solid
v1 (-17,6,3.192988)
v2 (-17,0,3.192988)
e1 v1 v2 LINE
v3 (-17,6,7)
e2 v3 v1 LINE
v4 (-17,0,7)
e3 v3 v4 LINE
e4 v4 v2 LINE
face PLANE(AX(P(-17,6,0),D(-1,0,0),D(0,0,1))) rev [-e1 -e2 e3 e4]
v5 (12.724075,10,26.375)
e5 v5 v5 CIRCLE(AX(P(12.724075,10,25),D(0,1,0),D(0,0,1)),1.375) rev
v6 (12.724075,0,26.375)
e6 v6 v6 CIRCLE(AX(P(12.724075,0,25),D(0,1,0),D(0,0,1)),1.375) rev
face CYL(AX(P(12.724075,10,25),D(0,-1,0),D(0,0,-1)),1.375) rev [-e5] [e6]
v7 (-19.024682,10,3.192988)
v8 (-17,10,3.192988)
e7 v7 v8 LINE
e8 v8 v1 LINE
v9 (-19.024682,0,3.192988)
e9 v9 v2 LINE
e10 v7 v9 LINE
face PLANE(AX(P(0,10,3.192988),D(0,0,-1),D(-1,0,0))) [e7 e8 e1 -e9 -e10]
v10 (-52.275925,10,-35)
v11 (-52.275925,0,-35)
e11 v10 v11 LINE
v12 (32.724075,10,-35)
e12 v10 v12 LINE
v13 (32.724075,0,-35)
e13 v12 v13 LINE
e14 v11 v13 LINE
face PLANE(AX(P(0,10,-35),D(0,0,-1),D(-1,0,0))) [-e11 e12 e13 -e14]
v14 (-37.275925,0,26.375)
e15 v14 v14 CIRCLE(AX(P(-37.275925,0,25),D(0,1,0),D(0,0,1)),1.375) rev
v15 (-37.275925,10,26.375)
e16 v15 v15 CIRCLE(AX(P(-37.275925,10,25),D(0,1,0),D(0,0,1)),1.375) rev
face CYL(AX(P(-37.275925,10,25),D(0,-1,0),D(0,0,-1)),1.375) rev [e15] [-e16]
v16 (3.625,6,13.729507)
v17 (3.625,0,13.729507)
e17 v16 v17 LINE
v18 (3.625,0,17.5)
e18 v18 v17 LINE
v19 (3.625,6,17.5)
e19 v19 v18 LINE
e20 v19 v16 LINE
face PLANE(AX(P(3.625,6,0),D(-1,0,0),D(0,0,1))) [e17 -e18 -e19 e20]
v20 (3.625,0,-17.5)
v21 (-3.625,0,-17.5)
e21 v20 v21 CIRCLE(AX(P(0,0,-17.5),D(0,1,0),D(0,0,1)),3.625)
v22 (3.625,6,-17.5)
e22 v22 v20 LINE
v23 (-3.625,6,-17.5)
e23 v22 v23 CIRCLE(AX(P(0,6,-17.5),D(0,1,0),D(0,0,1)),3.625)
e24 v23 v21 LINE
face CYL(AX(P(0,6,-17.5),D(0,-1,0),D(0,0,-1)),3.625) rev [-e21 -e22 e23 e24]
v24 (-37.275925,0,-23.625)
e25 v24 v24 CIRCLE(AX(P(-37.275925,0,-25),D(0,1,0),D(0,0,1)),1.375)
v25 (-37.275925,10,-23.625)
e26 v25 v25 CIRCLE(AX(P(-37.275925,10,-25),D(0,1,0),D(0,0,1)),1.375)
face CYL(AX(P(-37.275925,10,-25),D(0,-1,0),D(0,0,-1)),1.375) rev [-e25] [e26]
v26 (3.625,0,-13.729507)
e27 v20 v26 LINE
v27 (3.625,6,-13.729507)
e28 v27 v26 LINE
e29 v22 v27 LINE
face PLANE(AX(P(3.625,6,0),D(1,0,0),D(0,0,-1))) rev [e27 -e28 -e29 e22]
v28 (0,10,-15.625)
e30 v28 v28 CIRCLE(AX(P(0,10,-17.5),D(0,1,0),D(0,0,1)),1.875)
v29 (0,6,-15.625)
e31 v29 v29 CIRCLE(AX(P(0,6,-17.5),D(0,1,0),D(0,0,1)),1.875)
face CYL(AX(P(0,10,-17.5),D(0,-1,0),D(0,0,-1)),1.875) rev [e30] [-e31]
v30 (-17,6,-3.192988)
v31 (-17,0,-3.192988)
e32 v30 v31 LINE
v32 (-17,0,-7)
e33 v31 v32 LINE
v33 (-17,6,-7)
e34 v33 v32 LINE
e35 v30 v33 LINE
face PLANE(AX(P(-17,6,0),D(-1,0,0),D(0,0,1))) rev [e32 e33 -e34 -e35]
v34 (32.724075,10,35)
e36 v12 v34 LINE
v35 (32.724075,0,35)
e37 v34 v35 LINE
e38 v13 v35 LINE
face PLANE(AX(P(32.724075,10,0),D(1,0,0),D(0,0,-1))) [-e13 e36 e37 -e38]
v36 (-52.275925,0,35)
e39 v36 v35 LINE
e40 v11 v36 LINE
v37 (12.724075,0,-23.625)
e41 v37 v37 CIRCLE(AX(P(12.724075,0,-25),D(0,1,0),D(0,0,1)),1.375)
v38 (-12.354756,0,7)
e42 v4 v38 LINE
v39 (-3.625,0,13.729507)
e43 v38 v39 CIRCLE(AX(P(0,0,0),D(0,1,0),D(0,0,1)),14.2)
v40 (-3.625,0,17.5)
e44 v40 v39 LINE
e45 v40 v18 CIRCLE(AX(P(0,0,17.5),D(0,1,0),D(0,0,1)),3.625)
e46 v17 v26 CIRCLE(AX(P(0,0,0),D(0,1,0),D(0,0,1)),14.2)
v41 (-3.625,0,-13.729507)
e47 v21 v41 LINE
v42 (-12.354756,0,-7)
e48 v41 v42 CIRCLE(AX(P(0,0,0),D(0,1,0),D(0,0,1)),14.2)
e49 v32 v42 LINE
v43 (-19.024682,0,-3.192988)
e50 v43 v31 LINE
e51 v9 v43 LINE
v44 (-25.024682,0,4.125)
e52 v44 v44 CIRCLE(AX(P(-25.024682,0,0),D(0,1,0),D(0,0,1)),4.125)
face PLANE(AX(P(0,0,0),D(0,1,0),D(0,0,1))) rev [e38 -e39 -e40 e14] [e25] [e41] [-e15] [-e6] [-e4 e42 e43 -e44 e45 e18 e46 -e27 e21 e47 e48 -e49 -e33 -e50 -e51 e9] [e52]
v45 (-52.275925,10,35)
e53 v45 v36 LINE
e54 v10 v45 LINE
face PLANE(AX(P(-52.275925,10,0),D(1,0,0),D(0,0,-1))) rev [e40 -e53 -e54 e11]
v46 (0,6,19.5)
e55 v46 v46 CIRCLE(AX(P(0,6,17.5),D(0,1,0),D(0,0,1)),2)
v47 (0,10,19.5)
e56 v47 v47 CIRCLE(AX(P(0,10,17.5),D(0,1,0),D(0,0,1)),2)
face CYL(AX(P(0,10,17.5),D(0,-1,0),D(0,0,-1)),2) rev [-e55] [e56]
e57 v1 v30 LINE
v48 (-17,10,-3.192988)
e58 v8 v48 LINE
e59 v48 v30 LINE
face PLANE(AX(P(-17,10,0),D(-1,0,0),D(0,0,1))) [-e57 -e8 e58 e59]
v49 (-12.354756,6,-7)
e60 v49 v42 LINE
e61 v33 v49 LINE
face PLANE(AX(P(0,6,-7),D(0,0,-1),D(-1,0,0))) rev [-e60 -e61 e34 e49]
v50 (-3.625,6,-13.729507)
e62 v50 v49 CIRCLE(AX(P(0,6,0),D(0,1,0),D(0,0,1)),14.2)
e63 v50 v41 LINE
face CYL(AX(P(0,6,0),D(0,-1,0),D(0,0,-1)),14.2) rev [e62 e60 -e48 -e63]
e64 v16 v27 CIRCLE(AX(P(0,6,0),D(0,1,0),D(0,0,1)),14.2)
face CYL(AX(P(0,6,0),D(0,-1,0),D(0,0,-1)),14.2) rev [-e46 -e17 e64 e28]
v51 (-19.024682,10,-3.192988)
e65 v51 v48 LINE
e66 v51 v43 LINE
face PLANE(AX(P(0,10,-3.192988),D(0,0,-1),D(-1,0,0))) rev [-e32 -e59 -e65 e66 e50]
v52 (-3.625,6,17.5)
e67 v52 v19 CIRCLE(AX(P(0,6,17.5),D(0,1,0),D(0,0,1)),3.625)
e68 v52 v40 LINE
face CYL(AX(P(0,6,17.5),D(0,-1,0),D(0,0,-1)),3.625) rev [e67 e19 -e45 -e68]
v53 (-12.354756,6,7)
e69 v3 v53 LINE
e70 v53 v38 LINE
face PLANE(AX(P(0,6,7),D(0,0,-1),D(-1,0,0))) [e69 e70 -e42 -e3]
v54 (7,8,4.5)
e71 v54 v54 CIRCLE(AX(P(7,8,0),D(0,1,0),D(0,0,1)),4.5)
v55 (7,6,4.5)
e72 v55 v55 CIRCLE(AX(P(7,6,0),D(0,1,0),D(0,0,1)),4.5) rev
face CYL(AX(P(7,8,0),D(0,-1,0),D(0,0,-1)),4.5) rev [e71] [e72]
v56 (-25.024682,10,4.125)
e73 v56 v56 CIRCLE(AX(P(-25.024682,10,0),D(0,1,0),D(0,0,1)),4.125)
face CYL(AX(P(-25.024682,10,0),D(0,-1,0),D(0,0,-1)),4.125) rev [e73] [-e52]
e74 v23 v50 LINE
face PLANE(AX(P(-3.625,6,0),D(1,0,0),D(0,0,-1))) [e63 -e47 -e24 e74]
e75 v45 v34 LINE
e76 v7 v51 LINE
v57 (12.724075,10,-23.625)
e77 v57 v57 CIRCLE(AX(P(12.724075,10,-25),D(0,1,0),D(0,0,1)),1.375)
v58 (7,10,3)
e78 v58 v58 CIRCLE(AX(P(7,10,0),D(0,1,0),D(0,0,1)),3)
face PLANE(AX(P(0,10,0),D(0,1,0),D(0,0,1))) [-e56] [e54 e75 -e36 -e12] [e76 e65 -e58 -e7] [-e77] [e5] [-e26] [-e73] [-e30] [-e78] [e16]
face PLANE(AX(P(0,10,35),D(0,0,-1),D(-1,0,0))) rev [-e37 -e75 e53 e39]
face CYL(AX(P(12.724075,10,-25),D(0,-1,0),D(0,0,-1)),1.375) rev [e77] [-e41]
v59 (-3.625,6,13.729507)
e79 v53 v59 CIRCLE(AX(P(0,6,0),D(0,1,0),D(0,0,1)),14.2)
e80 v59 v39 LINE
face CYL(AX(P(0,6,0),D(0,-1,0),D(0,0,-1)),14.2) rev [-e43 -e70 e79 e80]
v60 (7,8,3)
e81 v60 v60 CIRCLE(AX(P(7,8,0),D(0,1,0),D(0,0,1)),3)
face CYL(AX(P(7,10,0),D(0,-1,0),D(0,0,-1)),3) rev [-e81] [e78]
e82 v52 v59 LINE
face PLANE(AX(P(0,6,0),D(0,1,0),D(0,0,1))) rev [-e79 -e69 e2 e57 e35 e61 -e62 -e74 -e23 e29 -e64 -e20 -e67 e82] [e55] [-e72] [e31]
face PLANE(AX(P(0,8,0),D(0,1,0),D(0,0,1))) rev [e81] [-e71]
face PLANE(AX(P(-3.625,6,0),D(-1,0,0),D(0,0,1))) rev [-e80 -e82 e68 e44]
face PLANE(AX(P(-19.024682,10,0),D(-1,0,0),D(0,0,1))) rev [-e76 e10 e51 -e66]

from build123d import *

# Parameters (mm, degrees)
SKETCH1_W           = 85
SKETCH1_H           = 70
SKETCH1_R           = 1.375
SKETCH1_R_2         = 4.125
SKETCH1_W_2         = 2.024682369
SKETCH1_H_2         = 6.385975888
SKETCH1_R_3         = 1.875
SKETCH1_R_4         = 2
SKETCH1_R_5         = 3
BOSS_EXTRUDE4_DEPTH = 10
SKETCH1_7_R         = 2
SKETCH1_7_R_2       = 4.5
SKETCH1_7_R_3       = 1.875
CUT_EXTRUDE2_DEPTH  = 6
SKETCH1_11_R        = 4.5
SKETCH1_11_R_2      = 3
CUT_EXTRUDE10_DEPTH = 8


with BuildPart() as part:
    # Sketch1 → Boss-Extrude4 (new body)
    with BuildSketch(Plane(origin=(0, 0, 0), x_dir=(1, 0, 0), z_dir=(0, 1, 0))):
        with Locations((-9.775924906, 0)):
            Rectangle(SKETCH1_W, SKETCH1_H)
        with Locations((-37.275924906, -25)):
            Circle(SKETCH1_R, mode=Mode.SUBTRACT)
        with Locations((12.724075094, -25)):
            Circle(SKETCH1_R, mode=Mode.SUBTRACT)
        with Locations((-25.024682369, 0)):
            Circle(SKETCH1_R_2, mode=Mode.SUBTRACT)
        with Locations((-18.012341185, 0)):
            Rectangle(SKETCH1_W_2, SKETCH1_H_2, mode=Mode.SUBTRACT)
        with Locations((-37.275924906, 25)):
            Circle(SKETCH1_R, mode=Mode.SUBTRACT)
        with Locations((12.724075094, 25)):
            Circle(SKETCH1_R, mode=Mode.SUBTRACT)
        with Locations((0, 17.5)):
            Circle(SKETCH1_R_3, mode=Mode.SUBTRACT)
        with Locations((0, -17.5)):
            Circle(SKETCH1_R_4, mode=Mode.SUBTRACT)
        with Locations((7, 0)):
            Circle(SKETCH1_R_5, mode=Mode.SUBTRACT)
    extrude(amount=BOSS_EXTRUDE4_DEPTH)

    # Sketch1<7> → Cut-Extrude2 (cut)
    with BuildSketch(Plane(origin=(0, 0, 0), x_dir=(1, 0, 0), z_dir=(0, 1, 0))):
        with BuildLine():
            Line((3.625, 13.729507457), (3.625, 17.5))
            ThreePointArc((3.625, 17.5), (0, 21.125), (-3.625, 17.5))
            Line((-3.625, 17.5), (-3.625, 13.729507457))
            ThreePointArc((-3.625, 13.729507457), (-8.669470541, 11.246345208), (-12.354756169, 7))
            Line((-12.354756169, 7), (-17, 7))
            Line((-17, 7), (-17, 3.192987944))
            Line((-17, 3.192987944), (-19.024682369, 3.192987944))
            Line((-19.024682369, 3.192987944), (-19.024682369, -3.192987944))
            Line((-19.024682369, -3.192987944), (-17, -3.192987944))
            Line((-17, -3.192987944), (-17, -7))
            Line((-17, -7), (-12.354756169, -7))
            ThreePointArc((-12.354756169, -7), (-8.669470541, -11.246345208), (-3.625, -13.729507457))
            Line((-3.625, -13.729507457), (-3.625, -17.5))
            ThreePointArc((-3.625, -17.5), (0, -21.125), (3.625, -17.5))
            Line((3.625, -17.5), (3.625, -13.729507457))
            ThreePointArc((3.625, -13.729507457), (14.2, 0), (3.625, 13.729507457))
        make_face()
        with Locations((0, -17.5)):
            Circle(SKETCH1_7_R, mode=Mode.SUBTRACT)
        with Locations((7, 0)):
            Circle(SKETCH1_7_R_2, mode=Mode.SUBTRACT)
        with Locations((0, 17.5)):
            Circle(SKETCH1_7_R_3, mode=Mode.SUBTRACT)
    extrude(amount=CUT_EXTRUDE2_DEPTH, mode=Mode.SUBTRACT)

    # Sketch1<11> → Cut-Extrude10 (cut)
    with BuildSketch(Plane(origin=(0, 0, 0), x_dir=(1, 0, 0), z_dir=(0, 1, 0))):
        with Locations((7, 0)):
            Circle(SKETCH1_11_R)
        with Locations((7, 0)):
            Circle(SKETCH1_11_R_2, mode=Mode.SUBTRACT)
    extrude(amount=CUT_EXTRUDE10_DEPTH, mode=Mode.SUBTRACT)


solid = part.part
